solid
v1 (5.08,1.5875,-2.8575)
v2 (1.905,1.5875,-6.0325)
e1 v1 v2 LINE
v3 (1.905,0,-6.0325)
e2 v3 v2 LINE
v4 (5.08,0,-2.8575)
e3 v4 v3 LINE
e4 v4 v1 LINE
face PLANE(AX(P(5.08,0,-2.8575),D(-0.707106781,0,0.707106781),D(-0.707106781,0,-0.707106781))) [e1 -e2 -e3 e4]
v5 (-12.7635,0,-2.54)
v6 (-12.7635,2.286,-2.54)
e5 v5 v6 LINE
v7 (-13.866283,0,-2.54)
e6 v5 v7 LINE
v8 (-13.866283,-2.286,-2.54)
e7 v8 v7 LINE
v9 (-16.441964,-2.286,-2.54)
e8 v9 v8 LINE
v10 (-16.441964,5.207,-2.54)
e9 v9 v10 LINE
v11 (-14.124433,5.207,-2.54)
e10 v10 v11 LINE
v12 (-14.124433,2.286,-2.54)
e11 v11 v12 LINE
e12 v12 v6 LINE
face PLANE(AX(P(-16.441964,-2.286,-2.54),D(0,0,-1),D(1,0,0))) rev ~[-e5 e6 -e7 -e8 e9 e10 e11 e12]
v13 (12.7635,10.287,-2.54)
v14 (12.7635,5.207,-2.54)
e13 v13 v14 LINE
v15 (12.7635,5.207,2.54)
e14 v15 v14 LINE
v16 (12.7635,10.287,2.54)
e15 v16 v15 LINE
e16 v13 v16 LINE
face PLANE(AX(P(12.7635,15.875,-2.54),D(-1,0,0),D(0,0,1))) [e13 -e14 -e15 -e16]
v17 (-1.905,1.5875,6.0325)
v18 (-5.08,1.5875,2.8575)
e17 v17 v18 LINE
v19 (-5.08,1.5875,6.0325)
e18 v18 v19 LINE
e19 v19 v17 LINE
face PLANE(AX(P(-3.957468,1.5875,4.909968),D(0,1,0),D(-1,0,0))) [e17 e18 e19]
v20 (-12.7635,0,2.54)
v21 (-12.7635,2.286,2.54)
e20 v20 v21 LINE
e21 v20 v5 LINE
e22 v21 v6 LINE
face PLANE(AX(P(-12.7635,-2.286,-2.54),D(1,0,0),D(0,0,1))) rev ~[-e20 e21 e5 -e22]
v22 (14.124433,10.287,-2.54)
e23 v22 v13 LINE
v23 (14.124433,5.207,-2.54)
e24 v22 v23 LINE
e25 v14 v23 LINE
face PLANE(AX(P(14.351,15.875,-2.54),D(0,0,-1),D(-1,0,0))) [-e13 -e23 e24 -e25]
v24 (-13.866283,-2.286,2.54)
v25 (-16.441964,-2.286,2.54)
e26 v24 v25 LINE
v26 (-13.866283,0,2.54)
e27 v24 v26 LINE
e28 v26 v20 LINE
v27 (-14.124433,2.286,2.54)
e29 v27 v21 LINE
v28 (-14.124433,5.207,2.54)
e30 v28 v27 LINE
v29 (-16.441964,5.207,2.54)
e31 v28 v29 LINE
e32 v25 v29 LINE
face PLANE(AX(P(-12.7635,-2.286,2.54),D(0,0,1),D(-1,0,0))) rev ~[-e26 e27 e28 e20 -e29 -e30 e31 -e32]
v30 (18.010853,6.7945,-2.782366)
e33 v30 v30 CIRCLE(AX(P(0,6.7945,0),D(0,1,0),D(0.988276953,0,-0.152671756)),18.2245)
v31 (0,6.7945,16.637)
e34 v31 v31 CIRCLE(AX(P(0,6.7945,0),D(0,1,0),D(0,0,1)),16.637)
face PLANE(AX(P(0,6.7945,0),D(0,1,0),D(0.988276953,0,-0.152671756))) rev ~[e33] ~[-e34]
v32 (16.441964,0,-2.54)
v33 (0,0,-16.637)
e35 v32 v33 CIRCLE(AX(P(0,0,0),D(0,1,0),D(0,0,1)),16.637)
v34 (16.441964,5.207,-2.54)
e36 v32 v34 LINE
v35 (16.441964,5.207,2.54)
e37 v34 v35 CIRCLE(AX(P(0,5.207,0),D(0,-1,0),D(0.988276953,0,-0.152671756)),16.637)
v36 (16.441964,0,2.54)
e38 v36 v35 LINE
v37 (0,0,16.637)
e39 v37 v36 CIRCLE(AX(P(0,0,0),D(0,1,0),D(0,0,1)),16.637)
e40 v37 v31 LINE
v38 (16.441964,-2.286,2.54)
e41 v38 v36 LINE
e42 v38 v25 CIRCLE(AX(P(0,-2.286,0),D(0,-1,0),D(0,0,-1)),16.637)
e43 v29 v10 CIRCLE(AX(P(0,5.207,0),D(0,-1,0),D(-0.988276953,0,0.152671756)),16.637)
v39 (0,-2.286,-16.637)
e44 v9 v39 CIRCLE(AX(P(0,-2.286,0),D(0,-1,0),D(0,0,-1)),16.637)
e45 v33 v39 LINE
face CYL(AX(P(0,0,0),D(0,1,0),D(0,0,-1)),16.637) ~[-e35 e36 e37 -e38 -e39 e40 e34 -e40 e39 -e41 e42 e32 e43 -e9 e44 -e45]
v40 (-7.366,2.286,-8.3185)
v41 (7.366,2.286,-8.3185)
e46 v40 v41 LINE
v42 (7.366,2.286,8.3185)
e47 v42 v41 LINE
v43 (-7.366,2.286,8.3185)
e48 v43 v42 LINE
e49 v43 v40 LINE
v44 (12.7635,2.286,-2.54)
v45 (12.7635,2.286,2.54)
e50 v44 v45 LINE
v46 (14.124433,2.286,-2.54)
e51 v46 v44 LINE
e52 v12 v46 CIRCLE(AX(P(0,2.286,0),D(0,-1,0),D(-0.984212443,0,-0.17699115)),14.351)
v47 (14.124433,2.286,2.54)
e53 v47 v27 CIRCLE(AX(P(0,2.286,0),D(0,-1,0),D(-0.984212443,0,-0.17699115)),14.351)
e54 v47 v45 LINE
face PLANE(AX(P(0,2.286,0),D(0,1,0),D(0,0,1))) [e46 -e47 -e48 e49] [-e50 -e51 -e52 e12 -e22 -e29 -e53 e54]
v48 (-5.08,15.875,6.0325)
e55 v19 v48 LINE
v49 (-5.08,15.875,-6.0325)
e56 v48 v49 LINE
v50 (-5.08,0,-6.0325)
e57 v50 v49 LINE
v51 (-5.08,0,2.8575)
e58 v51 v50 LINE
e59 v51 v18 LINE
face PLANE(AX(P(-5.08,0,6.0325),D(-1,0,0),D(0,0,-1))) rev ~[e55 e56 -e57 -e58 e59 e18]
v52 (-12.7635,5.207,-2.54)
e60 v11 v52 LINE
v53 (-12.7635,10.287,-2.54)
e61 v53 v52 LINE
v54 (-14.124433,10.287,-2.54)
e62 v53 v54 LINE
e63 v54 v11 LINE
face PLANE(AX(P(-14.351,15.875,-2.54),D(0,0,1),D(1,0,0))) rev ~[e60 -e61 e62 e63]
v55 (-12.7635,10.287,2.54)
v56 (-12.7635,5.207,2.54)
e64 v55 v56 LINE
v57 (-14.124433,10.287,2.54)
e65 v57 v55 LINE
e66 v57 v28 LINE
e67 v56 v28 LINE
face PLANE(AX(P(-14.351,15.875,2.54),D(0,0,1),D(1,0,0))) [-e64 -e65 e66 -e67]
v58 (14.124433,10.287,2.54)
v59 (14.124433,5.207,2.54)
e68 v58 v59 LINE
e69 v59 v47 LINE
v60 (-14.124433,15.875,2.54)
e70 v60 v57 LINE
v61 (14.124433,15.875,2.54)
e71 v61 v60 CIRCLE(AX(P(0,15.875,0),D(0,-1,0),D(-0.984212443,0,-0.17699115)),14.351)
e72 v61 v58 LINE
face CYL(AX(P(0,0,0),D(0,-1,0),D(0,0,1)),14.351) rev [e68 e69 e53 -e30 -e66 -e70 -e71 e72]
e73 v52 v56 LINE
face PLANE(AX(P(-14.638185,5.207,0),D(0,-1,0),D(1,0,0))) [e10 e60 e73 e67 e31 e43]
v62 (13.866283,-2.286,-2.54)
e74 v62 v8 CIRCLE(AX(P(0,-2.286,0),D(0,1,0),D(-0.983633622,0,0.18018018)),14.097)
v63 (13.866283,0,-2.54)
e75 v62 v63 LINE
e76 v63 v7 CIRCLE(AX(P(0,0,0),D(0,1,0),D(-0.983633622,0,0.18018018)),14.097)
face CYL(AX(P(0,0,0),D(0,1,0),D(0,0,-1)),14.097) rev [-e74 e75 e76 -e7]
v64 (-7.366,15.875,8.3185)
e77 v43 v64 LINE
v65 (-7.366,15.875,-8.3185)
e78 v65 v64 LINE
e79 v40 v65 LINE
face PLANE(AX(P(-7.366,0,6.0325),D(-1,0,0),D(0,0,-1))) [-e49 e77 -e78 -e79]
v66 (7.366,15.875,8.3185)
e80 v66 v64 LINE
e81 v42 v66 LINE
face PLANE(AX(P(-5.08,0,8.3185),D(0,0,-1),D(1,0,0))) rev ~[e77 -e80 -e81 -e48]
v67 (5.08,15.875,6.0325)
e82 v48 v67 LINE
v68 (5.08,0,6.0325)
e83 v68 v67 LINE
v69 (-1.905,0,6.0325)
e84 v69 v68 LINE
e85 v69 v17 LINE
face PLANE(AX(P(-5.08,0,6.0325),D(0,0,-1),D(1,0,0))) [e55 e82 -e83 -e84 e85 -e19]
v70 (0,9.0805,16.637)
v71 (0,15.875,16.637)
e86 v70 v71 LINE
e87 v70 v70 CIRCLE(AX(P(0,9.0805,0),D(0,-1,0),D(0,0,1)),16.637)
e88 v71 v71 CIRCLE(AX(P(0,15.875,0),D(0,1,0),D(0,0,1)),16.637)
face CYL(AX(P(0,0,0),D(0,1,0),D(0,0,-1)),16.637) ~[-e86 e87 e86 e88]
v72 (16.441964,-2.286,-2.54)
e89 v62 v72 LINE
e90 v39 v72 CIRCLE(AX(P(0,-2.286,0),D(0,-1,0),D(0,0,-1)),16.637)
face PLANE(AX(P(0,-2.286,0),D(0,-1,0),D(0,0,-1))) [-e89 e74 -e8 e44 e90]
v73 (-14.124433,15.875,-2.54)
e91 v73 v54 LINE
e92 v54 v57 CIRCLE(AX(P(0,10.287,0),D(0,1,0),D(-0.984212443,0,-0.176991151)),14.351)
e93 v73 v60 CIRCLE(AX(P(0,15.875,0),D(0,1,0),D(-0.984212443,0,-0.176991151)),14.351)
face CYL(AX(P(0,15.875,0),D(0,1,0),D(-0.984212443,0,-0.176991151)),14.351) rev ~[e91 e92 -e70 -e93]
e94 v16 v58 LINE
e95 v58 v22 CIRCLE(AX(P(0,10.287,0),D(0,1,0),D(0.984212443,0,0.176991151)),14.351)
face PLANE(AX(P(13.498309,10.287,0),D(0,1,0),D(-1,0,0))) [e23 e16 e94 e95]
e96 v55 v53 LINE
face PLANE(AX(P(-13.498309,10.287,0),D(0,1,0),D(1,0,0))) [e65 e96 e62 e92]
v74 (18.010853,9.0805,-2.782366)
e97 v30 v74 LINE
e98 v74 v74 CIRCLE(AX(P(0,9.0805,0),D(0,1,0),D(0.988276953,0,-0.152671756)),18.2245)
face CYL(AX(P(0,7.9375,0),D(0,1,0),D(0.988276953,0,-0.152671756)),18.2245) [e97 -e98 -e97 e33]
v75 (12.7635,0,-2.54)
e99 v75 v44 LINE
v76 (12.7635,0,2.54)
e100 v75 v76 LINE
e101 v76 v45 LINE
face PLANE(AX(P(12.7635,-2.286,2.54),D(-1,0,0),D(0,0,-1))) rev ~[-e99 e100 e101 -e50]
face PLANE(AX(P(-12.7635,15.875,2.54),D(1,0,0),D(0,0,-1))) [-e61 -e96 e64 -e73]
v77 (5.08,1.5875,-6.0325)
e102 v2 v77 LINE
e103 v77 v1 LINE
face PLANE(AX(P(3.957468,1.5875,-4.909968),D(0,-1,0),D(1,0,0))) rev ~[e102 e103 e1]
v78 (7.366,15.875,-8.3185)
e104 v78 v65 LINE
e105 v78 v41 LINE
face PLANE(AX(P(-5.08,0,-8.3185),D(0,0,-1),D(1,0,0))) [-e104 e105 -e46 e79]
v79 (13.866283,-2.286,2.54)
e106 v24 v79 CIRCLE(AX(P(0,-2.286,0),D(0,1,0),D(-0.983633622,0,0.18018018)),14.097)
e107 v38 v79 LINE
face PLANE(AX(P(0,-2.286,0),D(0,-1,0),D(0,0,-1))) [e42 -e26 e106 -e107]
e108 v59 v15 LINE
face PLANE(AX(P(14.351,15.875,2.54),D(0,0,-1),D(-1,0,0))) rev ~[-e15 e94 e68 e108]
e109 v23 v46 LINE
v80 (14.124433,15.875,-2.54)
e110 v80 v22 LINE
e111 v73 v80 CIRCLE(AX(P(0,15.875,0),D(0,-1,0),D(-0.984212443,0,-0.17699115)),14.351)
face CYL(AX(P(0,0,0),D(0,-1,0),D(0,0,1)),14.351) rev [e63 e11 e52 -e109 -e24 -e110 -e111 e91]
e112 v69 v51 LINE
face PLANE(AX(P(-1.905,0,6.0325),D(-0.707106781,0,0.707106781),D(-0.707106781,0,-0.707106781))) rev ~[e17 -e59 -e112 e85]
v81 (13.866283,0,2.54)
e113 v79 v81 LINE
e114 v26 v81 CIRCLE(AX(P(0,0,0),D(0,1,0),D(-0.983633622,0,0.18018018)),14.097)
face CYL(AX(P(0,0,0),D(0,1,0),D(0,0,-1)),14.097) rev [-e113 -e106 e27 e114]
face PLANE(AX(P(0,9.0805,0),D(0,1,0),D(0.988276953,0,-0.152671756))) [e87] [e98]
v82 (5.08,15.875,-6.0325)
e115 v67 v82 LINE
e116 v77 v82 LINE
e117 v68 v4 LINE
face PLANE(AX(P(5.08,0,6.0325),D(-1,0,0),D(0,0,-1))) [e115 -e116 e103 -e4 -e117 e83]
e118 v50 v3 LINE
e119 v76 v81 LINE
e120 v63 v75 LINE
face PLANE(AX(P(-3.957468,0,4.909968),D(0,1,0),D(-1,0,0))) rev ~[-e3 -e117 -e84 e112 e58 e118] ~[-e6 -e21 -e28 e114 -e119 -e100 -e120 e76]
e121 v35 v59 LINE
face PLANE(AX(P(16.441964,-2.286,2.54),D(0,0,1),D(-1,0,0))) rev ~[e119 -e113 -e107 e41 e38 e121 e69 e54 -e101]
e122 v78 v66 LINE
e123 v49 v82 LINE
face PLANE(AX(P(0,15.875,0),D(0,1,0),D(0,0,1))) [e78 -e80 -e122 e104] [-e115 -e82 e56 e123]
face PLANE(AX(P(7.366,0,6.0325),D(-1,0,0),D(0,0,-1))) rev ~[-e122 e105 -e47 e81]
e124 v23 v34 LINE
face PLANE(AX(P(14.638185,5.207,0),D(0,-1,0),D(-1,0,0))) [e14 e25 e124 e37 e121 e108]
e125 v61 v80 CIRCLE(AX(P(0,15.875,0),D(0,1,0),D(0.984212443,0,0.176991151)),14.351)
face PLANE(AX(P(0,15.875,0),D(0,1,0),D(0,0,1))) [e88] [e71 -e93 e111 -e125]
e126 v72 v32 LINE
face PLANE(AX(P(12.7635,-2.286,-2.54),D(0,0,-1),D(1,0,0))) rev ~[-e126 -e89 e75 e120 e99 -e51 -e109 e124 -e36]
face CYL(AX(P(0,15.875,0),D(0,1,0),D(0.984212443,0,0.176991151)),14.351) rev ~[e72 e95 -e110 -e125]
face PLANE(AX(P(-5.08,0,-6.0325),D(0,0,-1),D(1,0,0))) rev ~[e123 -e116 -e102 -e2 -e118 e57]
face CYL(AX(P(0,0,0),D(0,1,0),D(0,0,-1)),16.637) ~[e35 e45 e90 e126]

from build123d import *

# Parameters (mm, degrees)
SKETCH1_R           = 16.637
SKETCH1_W           = 10.16
SKETCH1_H           = 12.065
BOSS_EXTRUDE1_DEPTH = 15.875
SHELL1_T            = -2.286
BOSS_EXTRUDE2_DEPTH = 1.5875
SKETCH3_W           = 1.5875
SKETCH3_H           = 5.08
BOSS_EXTRUDE3_DEPTH = 13.589
SKETCH7_R           = 16.637
SKETCH7_R_2         = 14.097
BOSS_EXTRUDE4_DEPTH = 2.286
CUT_EXTRUDE1_DEPTH  = 7.493
CUT_EXTRUDE2_DEPTH  = 5.588
CIRPATTERN2_COUNT   = 2
SKETCH6_W           = 1.5875
SKETCH6_H           = 2.286


with BuildPart() as part:
    # Sketch1 → Boss-Extrude1 (new body)
    with BuildSketch(Plane(origin=(0, 0, 0), x_dir=(1, 0, 0), z_dir=(0, 1, 0))):
        with Locations(Location((0, 0, 0), (0, 0, 270))):
            Circle(SKETCH1_R)
        Rectangle(SKETCH1_W, SKETCH1_H, mode=Mode.SUBTRACT)
    extrude(amount=BOSS_EXTRUDE1_DEPTH)

    # Shell1
    shell1_openings = [part.faces().sort_by_distance(p)[0] for p in [
        (0, 15.875, -16.166434579),
    ]]
    offset(amount=SHELL1_T, openings=shell1_openings, kind=Kind.INTERSECTION)

    # Sketch2 → Boss-Extrude2 (add)
    with BuildSketch(Plane.XZ):
        Polygon((-5.08, 6.0325), (-1.905, 6.0325), (-5.08, 2.8575), align=None)
        Polygon((5.08, -2.8575), (1.905, -6.0325), (5.08, -6.0325), align=None)
    extrude(amount=-BOSS_EXTRUDE2_DEPTH)

    # Sketch3 → Boss-Extrude3 (add)
    with BuildSketch(Plane(origin=(0, 15.875, 0), x_dir=(1, 0, 0), z_dir=(0, 1, 0))):
        with Locations((-13.55725, 0)):
            Rectangle(SKETCH3_W, SKETCH3_H)
    boss_extrude3 = extrude(amount=-BOSS_EXTRUDE3_DEPTH)

    # Sketch7 → Boss-Extrude4 (add)
    with BuildSketch(Plane.XZ):
        with Locations(Location((0, 0, 0), (0, 0, 270))):
            Circle(SKETCH7_R)
        with Locations(Location((0, 0, 0), (0, 0, 270))):
            Circle(SKETCH7_R_2, mode=Mode.SUBTRACT)
    extrude(amount=BOSS_EXTRUDE4_DEPTH)

    # Sketch4 → Cut-Extrude1 (cut)
    with BuildSketch(Plane.XZ.offset(2.286)):
        with BuildLine():
            Line((-16.44196366, -2.54), (-12.7635, -2.54))
            Line((-12.7635, -2.54), (-12.7635, 2.54))
            Line((-12.7635, 2.54), (-16.44196366, 2.54))
            ThreePointArc((-16.44196366, 2.54), (-16.637, 0), (-16.44196366, -2.54))
        make_face()
    cut_extrude1 = extrude(amount=-CUT_EXTRUDE1_DEPTH, mode=Mode.SUBTRACT)

    # Sketch5 → Cut-Extrude2 (cut)
    with BuildSketch(Plane(origin=(0, 15.875, 0), x_dir=(1, 0, 0), z_dir=(0, 1, 0))):
        with BuildLine():
            Line((-14.124432767, -2.54), (-12.7635, -2.54))
            Line((-12.7635, -2.54), (-12.7635, 2.54))
            Line((-12.7635, 2.54), (-14.124432767, 2.54))
            ThreePointArc((-14.124432767, 2.54), (-14.351, 0), (-14.124432767, -2.54))
        make_face()
    cut_extrude2 = extrude(amount=-CUT_EXTRUDE2_DEPTH, mode=Mode.SUBTRACT)

    # CirPattern2: Boss-Extrude3, Cut-Extrude1, Cut-Extrude2 ×2 about axis
    cirpattern2_axis = Axis((0, 0, 0), (0, 1, 0))
    add([boss_extrude3.rotate(cirpattern2_axis, i * 360 / CIRPATTERN2_COUNT) for i in range(1, CIRPATTERN2_COUNT)])
    add([cut_extrude1.rotate(cirpattern2_axis, i * 360 / CIRPATTERN2_COUNT) for i in range(1, CIRPATTERN2_COUNT)], mode=Mode.SUBTRACT)
    add([cut_extrude2.rotate(cirpattern2_axis, i * 360 / CIRPATTERN2_COUNT) for i in range(1, CIRPATTERN2_COUNT)], mode=Mode.SUBTRACT)

    # Sketch6 → Revolve1 (revolve)
    with BuildSketch(Plane.XY, mode=Mode.PRIVATE) as revolve1_sk:
        with Locations((-17.43075, 7.9375)):
            Rectangle(SKETCH6_W, SKETCH6_H)
    revolve(revolve1_sk.sketch.rotate(Axis((0, 0, 0), (0, 1, 0)), 188.781790598), axis=Axis((0, 0, 0), (0, 1, 0)))


solid = part.part
